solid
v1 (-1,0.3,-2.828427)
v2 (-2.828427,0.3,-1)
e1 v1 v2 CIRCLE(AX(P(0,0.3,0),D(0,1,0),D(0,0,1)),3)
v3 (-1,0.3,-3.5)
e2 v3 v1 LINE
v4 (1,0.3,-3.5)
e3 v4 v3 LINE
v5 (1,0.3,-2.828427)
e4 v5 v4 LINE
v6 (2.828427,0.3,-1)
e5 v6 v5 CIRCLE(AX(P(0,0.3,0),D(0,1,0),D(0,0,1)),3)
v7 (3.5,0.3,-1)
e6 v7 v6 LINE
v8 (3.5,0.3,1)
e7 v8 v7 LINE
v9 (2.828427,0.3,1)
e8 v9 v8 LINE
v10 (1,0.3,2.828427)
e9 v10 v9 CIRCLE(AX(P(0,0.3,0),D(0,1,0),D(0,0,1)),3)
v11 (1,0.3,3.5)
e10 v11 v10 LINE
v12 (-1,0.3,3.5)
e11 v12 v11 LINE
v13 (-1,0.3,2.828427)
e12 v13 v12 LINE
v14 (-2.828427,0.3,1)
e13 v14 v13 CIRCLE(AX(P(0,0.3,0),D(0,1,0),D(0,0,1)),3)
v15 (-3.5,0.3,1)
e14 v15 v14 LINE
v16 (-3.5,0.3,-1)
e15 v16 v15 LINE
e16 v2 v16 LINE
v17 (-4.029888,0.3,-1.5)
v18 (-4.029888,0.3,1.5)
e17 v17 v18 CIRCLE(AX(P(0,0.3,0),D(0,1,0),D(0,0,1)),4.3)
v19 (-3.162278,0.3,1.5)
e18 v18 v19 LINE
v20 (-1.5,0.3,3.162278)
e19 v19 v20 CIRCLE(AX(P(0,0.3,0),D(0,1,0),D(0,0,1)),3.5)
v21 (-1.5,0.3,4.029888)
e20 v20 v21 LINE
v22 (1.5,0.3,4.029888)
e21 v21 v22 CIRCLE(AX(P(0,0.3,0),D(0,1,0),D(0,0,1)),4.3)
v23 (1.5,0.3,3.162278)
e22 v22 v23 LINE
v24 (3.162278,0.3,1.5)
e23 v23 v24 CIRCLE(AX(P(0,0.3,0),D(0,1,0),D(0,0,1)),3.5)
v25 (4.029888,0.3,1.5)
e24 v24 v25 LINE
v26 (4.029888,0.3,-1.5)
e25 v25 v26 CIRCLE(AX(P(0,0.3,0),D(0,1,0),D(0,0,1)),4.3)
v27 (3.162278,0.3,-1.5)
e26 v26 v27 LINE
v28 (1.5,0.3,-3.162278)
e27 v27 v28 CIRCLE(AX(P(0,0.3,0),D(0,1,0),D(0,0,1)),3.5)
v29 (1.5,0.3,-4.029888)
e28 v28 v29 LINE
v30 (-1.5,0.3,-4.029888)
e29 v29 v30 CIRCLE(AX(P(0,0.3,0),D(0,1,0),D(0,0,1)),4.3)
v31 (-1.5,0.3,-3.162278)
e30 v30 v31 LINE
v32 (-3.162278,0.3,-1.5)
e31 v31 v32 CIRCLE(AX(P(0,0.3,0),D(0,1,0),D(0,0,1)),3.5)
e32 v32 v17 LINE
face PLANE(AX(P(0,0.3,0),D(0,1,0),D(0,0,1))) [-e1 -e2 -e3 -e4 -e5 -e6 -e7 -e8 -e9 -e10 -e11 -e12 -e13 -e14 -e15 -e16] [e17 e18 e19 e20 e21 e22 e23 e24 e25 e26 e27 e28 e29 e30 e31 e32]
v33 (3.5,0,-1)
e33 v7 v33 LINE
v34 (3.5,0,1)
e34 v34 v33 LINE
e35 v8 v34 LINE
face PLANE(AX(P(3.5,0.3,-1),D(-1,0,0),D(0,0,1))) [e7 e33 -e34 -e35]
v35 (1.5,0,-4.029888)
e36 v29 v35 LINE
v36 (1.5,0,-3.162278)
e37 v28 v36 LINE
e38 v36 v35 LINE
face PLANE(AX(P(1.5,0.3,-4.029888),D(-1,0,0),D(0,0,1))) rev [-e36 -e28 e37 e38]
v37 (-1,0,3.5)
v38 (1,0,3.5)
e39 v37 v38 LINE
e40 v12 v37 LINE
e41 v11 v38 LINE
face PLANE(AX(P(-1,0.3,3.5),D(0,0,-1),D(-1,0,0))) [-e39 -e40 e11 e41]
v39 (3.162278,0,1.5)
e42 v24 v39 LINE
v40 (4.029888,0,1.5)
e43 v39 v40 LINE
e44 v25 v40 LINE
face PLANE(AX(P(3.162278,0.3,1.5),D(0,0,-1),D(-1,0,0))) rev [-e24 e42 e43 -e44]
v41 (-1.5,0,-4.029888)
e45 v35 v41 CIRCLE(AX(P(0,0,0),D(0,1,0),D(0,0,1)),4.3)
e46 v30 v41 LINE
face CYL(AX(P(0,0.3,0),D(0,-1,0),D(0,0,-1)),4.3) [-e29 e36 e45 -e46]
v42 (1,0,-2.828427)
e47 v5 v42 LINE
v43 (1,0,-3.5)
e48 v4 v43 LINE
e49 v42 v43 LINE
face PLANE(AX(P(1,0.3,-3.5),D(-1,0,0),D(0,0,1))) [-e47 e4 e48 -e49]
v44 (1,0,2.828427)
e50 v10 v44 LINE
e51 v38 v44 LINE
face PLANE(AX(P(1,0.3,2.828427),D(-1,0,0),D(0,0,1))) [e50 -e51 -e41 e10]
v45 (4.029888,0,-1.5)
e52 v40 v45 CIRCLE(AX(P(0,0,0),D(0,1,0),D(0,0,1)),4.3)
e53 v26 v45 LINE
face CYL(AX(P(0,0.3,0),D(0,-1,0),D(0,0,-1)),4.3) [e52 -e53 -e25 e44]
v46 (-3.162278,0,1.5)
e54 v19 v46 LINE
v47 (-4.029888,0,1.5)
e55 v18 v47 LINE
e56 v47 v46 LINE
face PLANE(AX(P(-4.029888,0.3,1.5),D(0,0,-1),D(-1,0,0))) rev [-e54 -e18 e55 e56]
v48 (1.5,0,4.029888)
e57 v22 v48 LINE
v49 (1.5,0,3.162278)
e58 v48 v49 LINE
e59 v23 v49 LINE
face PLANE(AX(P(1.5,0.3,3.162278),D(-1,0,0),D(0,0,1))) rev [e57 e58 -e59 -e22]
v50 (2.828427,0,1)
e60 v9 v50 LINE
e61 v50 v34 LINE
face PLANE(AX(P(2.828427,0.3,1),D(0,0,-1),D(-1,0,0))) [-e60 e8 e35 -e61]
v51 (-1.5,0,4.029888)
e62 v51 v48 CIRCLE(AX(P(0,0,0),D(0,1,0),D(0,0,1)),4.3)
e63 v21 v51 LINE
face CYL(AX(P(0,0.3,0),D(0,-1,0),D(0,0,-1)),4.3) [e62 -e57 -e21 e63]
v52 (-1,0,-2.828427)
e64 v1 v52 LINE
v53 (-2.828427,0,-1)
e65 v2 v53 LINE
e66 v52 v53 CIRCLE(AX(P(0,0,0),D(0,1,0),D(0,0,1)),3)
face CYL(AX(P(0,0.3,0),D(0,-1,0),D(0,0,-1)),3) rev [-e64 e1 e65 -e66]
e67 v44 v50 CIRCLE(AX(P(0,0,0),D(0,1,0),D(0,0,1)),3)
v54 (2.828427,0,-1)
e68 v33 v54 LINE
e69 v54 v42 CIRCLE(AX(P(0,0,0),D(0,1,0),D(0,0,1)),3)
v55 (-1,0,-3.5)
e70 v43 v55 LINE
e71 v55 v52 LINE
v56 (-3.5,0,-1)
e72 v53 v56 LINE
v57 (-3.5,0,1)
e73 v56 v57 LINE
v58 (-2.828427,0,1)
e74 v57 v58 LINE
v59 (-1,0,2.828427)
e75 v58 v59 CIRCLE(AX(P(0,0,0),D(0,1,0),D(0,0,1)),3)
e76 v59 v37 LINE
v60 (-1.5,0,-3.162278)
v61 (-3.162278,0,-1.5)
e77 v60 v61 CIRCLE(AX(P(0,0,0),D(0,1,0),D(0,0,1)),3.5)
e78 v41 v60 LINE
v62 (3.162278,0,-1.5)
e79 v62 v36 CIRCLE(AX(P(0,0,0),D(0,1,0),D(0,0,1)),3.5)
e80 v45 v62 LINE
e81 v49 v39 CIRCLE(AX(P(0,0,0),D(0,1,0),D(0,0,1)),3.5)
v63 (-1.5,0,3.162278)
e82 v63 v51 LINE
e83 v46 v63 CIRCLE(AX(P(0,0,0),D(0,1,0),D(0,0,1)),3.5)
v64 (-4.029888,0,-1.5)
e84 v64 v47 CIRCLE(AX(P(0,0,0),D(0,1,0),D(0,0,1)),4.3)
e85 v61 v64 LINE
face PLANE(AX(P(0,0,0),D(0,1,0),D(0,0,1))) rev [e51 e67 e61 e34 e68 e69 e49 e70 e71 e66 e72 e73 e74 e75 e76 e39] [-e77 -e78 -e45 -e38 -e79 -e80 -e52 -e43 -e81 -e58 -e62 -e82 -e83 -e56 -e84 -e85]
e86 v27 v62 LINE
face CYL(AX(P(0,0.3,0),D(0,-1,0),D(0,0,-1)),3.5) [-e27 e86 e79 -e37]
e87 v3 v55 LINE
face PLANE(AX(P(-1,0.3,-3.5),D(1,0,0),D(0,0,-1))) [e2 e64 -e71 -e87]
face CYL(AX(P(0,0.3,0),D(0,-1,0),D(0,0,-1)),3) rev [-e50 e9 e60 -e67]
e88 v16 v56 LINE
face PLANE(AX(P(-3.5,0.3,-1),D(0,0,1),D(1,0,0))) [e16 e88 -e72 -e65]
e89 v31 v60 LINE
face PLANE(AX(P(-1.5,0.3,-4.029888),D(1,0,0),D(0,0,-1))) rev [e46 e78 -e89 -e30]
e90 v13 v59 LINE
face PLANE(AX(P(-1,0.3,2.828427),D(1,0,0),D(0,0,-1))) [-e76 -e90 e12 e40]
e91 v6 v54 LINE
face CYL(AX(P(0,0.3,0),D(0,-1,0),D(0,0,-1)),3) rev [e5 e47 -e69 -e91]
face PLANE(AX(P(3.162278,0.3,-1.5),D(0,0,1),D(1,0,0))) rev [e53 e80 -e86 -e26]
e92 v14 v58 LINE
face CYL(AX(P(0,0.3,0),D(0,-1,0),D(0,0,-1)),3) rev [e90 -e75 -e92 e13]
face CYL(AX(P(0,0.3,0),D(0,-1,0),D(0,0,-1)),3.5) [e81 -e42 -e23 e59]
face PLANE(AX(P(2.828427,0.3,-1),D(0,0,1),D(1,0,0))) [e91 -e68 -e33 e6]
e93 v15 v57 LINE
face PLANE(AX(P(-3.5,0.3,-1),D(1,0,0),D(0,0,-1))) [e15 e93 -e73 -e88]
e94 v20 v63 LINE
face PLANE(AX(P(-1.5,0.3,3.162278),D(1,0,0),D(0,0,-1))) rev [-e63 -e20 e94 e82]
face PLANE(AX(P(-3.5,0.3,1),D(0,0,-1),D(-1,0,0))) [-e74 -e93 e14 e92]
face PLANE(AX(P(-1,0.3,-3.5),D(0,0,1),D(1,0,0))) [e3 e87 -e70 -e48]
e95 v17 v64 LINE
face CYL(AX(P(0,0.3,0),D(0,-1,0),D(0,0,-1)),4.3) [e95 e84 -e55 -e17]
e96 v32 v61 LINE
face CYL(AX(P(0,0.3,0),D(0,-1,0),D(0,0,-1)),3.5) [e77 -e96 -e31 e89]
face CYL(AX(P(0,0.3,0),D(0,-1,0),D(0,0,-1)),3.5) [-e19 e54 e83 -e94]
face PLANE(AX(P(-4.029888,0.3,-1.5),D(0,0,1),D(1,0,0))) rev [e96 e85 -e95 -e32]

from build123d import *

# Parameters (mm, degrees)
BOSS_EXTRUDE1_DEPTH = 0.3


with BuildPart() as part:
    # Sketch1 → Boss-Extrude1 (new body)
    with BuildSketch(Plane(origin=(0, 0, 0), x_dir=(1, 0, 0), z_dir=(0, 1, 0))):
        with BuildLine():
            Line((-4.029888336, 1.5), (-3.16227766, 1.5))
            ThreePointArc((-3.16227766, 1.5), (-2.474873734, 2.474873734), (-1.5, 3.16227766))
            Line((-1.5, 3.16227766), (-1.5, 4.029888336))
            ThreePointArc((-1.5, 4.029888336), (0, 4.3), (1.5, 4.029888336))
            Line((1.5, 4.029888336), (1.5, 3.16227766))
            ThreePointArc((1.5, 3.16227766), (2.474873734, 2.474873734), (3.16227766, 1.5))
            Line((3.16227766, 1.5), (4.029888336, 1.5))
            ThreePointArc((4.029888336, 1.5), (4.3, 0), (4.029888336, -1.5))
            Line((4.029888336, -1.5), (3.16227766, -1.5))
            ThreePointArc((3.16227766, -1.5), (2.474873734, -2.474873734), (1.5, -3.16227766))
            Line((1.5, -3.16227766), (1.5, -4.029888336))
            ThreePointArc((1.5, -4.029888336), (0, -4.3), (-1.5, -4.029888336))
            Line((-1.5, -4.029888336), (-1.5, -3.16227766))
            ThreePointArc((-1.5, -3.16227766), (-2.474873734, -2.474873734), (-3.16227766, -1.5))
            Line((-3.16227766, -1.5), (-4.029888336, -1.5))
            ThreePointArc((-4.029888336, -1.5), (-4.3, 0), (-4.029888336, 1.5))
        make_face()
        with BuildLine():
            Line((-3.5, 1), (-2.828427125, 1))
            ThreePointArc((-2.828427125, 1), (-2.121320344, 2.121320344), (-1, 2.828427125))
            Line((-1, 2.828427125), (-1, 3.5))
            Line((-1, 3.5), (1, 3.5))
            Line((1, 3.5), (1, 2.828427125))
            ThreePointArc((1, 2.828427125), (2.121320344, 2.121320344), (2.828427125, 1))
            Line((2.828427125, 1), (3.5, 1))
            Line((3.5, 1), (3.5, -1))
            Line((3.5, -1), (2.828427125, -1))
            ThreePointArc((2.828427125, -1), (2.121320344, -2.121320344), (1, -2.828427125))
            Line((1, -2.828427125), (1, -3.5))
            Line((1, -3.5), (-1, -3.5))
            Line((-1, -3.5), (-1, -2.828427125))
            ThreePointArc((-1, -2.828427125), (-2.121320344, -2.121320344), (-2.828427125, -1))
            Line((-2.828427125, -1), (-3.5, -1))
            Line((-3.5, -1), (-3.5, 1))
        make_face(mode=Mode.SUBTRACT)
    extrude(amount=BOSS_EXTRUDE1_DEPTH)


solid = part.part
